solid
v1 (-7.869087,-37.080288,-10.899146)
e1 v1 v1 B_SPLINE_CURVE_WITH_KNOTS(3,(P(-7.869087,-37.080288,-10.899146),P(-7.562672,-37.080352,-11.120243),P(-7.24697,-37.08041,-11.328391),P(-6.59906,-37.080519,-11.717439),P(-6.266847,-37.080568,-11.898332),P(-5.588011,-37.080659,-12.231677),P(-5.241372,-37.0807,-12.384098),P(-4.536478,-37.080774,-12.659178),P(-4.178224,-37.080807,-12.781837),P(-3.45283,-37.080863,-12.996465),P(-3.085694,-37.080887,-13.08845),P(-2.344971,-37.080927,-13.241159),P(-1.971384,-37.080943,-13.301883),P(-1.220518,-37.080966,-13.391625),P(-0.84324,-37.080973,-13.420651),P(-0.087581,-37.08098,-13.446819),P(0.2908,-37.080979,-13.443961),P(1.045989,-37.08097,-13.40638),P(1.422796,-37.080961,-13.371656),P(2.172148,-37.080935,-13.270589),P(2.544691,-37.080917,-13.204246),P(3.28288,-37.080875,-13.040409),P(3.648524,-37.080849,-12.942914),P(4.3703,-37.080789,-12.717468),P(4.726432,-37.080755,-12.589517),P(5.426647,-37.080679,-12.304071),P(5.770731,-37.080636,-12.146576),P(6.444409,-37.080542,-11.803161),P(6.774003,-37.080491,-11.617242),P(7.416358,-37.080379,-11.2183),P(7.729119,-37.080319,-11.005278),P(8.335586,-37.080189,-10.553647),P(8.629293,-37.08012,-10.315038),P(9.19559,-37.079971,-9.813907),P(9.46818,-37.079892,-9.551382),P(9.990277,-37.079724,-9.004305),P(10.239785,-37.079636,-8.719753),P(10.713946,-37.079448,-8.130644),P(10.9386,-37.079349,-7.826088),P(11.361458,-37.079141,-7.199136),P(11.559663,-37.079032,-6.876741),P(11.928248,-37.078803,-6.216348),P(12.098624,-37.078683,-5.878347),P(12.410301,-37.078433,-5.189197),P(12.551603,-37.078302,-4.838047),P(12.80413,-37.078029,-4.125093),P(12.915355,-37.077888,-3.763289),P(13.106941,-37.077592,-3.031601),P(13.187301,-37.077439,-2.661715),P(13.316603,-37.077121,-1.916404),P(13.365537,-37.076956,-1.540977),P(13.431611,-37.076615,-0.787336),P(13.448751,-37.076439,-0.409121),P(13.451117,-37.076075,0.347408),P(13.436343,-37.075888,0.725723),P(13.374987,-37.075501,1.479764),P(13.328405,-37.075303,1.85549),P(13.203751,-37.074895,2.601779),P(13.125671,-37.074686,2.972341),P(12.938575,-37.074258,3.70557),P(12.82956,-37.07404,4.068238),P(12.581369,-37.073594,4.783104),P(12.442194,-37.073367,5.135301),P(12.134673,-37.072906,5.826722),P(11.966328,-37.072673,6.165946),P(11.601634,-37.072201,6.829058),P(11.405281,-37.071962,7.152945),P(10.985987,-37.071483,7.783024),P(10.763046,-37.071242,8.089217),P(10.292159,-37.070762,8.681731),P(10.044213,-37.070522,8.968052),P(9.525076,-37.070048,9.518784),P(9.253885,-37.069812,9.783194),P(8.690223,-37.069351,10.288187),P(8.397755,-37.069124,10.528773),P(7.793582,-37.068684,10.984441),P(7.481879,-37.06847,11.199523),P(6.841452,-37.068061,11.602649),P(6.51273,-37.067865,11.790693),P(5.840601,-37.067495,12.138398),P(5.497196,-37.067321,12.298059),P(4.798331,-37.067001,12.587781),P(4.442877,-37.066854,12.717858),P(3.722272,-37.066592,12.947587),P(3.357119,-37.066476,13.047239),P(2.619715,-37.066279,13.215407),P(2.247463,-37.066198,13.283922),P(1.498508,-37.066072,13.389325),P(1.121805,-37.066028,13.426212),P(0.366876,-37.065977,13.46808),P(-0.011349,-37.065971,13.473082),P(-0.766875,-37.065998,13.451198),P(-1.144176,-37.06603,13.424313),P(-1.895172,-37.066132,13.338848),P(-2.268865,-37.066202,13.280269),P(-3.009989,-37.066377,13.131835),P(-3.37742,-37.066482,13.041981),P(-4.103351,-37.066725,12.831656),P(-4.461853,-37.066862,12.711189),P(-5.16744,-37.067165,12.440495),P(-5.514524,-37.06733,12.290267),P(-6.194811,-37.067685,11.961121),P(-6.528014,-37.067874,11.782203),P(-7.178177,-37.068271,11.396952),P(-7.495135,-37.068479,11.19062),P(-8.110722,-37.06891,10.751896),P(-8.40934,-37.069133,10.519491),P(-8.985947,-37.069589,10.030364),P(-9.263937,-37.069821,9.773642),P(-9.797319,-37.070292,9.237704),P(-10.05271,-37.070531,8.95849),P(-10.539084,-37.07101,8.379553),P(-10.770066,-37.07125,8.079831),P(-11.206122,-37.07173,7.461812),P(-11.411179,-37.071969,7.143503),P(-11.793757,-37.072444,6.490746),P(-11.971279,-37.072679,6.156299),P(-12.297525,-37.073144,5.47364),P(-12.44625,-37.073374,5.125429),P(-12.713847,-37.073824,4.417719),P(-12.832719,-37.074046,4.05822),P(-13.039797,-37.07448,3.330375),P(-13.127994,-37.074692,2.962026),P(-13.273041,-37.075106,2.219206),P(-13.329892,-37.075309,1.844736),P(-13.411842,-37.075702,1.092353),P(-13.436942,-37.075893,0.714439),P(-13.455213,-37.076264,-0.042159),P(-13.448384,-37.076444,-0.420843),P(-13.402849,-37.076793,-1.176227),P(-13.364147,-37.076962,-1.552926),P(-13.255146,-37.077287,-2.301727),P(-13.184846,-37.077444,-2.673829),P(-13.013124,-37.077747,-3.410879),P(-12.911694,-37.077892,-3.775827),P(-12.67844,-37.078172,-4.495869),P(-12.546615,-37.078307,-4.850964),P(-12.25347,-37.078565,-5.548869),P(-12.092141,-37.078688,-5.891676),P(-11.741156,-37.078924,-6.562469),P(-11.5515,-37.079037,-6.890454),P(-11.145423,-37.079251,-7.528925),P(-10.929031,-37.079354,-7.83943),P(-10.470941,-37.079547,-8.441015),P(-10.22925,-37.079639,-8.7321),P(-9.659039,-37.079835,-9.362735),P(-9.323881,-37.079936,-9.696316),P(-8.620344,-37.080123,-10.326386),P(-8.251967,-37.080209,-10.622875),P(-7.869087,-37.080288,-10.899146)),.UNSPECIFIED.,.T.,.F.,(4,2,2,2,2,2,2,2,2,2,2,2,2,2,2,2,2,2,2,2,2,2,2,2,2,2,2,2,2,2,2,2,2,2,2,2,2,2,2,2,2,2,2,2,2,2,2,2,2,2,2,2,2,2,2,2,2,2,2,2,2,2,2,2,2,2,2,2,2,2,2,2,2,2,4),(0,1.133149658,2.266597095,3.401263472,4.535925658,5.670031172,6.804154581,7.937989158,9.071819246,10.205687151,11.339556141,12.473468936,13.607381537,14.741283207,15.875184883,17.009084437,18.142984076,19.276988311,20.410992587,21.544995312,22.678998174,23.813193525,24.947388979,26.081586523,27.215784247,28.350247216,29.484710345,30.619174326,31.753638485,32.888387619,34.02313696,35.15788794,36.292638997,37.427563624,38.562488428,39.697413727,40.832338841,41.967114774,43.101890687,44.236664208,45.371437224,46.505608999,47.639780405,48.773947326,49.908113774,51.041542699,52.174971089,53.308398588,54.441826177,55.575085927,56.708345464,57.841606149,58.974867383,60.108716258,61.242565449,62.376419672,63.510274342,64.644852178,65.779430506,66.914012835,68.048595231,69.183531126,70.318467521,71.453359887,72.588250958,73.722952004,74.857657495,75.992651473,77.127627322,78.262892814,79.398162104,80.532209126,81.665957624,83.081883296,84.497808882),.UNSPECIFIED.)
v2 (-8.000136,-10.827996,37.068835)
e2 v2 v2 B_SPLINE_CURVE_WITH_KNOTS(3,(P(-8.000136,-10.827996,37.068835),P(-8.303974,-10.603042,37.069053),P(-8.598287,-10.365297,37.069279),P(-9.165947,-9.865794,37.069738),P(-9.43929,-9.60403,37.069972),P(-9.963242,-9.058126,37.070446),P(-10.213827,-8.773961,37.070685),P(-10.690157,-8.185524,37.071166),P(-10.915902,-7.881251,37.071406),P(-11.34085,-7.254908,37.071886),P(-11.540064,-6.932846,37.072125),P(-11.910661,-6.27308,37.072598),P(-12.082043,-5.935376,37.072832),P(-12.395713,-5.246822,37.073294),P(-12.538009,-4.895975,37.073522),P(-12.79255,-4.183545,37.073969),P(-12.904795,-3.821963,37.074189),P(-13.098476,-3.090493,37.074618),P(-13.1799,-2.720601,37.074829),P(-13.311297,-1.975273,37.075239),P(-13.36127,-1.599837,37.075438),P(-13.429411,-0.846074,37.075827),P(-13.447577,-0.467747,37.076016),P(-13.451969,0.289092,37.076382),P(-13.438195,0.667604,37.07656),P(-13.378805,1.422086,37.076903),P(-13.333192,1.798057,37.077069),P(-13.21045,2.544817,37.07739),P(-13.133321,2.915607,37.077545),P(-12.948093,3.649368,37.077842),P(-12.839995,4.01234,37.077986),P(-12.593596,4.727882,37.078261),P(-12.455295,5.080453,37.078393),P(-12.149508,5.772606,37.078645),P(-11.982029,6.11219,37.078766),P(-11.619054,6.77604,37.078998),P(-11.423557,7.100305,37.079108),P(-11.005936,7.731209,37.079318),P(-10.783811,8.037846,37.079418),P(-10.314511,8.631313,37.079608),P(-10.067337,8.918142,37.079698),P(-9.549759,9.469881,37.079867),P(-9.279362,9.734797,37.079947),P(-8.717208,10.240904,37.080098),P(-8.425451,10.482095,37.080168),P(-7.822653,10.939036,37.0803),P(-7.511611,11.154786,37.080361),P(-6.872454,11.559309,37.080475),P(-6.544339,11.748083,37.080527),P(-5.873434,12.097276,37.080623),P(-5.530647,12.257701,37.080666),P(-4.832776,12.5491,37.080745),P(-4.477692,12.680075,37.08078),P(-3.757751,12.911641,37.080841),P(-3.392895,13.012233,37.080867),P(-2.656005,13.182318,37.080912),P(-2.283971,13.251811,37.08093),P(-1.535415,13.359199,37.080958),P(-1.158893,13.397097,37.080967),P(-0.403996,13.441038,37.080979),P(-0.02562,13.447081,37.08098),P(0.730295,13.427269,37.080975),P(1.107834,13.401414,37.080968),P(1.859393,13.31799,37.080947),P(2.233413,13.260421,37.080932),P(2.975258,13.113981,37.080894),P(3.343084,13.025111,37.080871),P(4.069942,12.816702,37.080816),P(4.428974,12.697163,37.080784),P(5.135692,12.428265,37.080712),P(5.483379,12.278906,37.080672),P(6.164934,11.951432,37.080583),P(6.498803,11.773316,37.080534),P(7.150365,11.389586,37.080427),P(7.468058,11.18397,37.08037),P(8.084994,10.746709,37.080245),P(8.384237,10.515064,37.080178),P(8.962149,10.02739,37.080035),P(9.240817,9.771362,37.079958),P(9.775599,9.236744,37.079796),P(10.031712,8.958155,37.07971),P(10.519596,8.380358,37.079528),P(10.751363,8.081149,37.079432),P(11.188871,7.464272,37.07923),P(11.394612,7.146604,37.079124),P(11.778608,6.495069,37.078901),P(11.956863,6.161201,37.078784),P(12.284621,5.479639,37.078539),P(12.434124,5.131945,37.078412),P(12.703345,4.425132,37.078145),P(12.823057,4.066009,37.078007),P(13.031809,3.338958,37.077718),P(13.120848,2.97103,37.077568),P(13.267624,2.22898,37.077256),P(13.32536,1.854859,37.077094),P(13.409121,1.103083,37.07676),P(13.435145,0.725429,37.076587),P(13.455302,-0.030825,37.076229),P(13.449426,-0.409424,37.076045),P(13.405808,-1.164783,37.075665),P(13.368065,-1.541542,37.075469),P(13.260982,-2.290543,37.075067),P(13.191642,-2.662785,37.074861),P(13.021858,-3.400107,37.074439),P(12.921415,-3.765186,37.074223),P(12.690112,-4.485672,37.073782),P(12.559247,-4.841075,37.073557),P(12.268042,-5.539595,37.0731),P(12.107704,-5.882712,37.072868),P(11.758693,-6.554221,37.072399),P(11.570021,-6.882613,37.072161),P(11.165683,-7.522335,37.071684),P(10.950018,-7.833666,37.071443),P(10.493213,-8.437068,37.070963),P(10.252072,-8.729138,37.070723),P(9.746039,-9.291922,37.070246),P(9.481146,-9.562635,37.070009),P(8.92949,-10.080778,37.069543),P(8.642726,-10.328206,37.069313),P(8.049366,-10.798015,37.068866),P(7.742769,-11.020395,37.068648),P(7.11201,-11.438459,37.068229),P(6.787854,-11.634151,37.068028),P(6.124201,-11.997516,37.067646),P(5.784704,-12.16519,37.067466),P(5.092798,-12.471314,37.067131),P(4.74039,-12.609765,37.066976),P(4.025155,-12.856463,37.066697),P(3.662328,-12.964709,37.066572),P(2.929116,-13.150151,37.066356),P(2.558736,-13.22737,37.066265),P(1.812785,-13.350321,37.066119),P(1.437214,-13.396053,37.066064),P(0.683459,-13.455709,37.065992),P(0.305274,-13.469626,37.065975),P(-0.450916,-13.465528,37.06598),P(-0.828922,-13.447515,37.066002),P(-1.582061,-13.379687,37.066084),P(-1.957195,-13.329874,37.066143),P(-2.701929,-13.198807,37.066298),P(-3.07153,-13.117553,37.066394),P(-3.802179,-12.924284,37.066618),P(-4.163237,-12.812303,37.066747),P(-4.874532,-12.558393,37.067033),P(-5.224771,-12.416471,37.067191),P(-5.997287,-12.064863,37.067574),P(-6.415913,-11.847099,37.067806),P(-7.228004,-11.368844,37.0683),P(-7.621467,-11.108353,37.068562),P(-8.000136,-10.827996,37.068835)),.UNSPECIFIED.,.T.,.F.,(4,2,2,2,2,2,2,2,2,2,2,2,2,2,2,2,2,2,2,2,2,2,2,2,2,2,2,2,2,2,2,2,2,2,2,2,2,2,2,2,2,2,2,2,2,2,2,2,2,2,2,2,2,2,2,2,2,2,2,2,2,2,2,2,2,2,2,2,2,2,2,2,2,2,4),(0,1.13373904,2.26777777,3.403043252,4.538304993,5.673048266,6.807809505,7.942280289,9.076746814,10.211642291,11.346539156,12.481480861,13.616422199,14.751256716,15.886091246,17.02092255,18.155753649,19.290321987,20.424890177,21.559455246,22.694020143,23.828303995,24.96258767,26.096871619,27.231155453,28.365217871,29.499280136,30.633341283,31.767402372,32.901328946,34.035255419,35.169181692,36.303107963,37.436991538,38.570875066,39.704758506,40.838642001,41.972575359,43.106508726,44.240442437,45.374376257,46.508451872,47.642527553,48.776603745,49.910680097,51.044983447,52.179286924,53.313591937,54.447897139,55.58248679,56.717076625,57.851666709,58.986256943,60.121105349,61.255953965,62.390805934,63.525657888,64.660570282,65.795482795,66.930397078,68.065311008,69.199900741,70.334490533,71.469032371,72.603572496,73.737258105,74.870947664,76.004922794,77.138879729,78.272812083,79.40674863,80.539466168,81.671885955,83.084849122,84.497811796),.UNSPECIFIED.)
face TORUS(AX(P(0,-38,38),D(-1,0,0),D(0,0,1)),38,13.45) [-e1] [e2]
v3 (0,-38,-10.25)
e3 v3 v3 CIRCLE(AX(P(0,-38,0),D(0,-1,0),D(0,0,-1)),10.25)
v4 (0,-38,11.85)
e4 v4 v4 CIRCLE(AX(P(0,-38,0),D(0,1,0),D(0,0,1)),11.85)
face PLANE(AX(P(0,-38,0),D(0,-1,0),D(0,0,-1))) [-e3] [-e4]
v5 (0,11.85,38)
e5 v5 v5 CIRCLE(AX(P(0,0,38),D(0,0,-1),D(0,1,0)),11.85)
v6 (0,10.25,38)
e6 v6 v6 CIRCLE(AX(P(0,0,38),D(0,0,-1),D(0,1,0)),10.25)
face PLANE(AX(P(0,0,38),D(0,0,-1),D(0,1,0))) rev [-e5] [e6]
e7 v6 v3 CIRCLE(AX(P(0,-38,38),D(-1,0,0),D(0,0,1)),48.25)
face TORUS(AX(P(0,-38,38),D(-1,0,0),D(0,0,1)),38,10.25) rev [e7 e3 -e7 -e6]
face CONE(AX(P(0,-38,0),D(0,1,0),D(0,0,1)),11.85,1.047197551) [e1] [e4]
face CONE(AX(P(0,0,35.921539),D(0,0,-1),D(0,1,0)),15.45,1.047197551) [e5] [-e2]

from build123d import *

# Parameters (mm, degrees)
ROHR_R   = 13.45
ROHR_R_2 = 10.25


with BuildPart() as part:
    # Bogen: sweep along a path in Pfad
    with BuildLine(Plane(origin=(0, 0, 0), x_dir=(0, 0, -1), z_dir=(1, 0, 0))) as bogen_path:
        ThreePointArc((0, -38), (-11.129942315, -11.129942315), (-38, 0))
    # Rohr → Bogen (sweep)
    with BuildSketch(Plane(origin=(0, -38, 0), x_dir=(-1, 0, 0), z_dir=(0, -1, 0))):
        Circle(ROHR_R)
        Circle(ROHR_R_2, mode=Mode.SUBTRACT)
    sweep(path=bogen_path.line)

    # SkzFase one side → Fase1 (revolve, cut)
    with BuildSketch(Plane(origin=(0, 0, 0), x_dir=(0, 0, -1), z_dir=(1, 0, 0)), mode=Mode.PRIVATE) as fase1_sk:
        Polygon((15.45, -35.921539031), (11.85, -38), (15.45, -38), align=None)
    revolve(fase1_sk.sketch.rotate(Axis((0, 0, 0), (0, -1, 0)), 180), axis=Axis((0, 0, 0), (0, -1, 0)), mode=Mode.SUBTRACT)  # turned: the seam where the file's is

    # Skizze1_3 → Fase2 (revolve, cut)
    with BuildSketch(Plane(origin=(0, 0, 0), x_dir=(0, 0, -1), z_dir=(1, 0, 0))):
        Polygon((-35.921539031, 15.45), (-38, 11.85), (-38, 15.45), align=None)
    revolve(axis=Axis((0, 0, 0), (0, 0, 1)), mode=Mode.SUBTRACT)


solid = part.part
